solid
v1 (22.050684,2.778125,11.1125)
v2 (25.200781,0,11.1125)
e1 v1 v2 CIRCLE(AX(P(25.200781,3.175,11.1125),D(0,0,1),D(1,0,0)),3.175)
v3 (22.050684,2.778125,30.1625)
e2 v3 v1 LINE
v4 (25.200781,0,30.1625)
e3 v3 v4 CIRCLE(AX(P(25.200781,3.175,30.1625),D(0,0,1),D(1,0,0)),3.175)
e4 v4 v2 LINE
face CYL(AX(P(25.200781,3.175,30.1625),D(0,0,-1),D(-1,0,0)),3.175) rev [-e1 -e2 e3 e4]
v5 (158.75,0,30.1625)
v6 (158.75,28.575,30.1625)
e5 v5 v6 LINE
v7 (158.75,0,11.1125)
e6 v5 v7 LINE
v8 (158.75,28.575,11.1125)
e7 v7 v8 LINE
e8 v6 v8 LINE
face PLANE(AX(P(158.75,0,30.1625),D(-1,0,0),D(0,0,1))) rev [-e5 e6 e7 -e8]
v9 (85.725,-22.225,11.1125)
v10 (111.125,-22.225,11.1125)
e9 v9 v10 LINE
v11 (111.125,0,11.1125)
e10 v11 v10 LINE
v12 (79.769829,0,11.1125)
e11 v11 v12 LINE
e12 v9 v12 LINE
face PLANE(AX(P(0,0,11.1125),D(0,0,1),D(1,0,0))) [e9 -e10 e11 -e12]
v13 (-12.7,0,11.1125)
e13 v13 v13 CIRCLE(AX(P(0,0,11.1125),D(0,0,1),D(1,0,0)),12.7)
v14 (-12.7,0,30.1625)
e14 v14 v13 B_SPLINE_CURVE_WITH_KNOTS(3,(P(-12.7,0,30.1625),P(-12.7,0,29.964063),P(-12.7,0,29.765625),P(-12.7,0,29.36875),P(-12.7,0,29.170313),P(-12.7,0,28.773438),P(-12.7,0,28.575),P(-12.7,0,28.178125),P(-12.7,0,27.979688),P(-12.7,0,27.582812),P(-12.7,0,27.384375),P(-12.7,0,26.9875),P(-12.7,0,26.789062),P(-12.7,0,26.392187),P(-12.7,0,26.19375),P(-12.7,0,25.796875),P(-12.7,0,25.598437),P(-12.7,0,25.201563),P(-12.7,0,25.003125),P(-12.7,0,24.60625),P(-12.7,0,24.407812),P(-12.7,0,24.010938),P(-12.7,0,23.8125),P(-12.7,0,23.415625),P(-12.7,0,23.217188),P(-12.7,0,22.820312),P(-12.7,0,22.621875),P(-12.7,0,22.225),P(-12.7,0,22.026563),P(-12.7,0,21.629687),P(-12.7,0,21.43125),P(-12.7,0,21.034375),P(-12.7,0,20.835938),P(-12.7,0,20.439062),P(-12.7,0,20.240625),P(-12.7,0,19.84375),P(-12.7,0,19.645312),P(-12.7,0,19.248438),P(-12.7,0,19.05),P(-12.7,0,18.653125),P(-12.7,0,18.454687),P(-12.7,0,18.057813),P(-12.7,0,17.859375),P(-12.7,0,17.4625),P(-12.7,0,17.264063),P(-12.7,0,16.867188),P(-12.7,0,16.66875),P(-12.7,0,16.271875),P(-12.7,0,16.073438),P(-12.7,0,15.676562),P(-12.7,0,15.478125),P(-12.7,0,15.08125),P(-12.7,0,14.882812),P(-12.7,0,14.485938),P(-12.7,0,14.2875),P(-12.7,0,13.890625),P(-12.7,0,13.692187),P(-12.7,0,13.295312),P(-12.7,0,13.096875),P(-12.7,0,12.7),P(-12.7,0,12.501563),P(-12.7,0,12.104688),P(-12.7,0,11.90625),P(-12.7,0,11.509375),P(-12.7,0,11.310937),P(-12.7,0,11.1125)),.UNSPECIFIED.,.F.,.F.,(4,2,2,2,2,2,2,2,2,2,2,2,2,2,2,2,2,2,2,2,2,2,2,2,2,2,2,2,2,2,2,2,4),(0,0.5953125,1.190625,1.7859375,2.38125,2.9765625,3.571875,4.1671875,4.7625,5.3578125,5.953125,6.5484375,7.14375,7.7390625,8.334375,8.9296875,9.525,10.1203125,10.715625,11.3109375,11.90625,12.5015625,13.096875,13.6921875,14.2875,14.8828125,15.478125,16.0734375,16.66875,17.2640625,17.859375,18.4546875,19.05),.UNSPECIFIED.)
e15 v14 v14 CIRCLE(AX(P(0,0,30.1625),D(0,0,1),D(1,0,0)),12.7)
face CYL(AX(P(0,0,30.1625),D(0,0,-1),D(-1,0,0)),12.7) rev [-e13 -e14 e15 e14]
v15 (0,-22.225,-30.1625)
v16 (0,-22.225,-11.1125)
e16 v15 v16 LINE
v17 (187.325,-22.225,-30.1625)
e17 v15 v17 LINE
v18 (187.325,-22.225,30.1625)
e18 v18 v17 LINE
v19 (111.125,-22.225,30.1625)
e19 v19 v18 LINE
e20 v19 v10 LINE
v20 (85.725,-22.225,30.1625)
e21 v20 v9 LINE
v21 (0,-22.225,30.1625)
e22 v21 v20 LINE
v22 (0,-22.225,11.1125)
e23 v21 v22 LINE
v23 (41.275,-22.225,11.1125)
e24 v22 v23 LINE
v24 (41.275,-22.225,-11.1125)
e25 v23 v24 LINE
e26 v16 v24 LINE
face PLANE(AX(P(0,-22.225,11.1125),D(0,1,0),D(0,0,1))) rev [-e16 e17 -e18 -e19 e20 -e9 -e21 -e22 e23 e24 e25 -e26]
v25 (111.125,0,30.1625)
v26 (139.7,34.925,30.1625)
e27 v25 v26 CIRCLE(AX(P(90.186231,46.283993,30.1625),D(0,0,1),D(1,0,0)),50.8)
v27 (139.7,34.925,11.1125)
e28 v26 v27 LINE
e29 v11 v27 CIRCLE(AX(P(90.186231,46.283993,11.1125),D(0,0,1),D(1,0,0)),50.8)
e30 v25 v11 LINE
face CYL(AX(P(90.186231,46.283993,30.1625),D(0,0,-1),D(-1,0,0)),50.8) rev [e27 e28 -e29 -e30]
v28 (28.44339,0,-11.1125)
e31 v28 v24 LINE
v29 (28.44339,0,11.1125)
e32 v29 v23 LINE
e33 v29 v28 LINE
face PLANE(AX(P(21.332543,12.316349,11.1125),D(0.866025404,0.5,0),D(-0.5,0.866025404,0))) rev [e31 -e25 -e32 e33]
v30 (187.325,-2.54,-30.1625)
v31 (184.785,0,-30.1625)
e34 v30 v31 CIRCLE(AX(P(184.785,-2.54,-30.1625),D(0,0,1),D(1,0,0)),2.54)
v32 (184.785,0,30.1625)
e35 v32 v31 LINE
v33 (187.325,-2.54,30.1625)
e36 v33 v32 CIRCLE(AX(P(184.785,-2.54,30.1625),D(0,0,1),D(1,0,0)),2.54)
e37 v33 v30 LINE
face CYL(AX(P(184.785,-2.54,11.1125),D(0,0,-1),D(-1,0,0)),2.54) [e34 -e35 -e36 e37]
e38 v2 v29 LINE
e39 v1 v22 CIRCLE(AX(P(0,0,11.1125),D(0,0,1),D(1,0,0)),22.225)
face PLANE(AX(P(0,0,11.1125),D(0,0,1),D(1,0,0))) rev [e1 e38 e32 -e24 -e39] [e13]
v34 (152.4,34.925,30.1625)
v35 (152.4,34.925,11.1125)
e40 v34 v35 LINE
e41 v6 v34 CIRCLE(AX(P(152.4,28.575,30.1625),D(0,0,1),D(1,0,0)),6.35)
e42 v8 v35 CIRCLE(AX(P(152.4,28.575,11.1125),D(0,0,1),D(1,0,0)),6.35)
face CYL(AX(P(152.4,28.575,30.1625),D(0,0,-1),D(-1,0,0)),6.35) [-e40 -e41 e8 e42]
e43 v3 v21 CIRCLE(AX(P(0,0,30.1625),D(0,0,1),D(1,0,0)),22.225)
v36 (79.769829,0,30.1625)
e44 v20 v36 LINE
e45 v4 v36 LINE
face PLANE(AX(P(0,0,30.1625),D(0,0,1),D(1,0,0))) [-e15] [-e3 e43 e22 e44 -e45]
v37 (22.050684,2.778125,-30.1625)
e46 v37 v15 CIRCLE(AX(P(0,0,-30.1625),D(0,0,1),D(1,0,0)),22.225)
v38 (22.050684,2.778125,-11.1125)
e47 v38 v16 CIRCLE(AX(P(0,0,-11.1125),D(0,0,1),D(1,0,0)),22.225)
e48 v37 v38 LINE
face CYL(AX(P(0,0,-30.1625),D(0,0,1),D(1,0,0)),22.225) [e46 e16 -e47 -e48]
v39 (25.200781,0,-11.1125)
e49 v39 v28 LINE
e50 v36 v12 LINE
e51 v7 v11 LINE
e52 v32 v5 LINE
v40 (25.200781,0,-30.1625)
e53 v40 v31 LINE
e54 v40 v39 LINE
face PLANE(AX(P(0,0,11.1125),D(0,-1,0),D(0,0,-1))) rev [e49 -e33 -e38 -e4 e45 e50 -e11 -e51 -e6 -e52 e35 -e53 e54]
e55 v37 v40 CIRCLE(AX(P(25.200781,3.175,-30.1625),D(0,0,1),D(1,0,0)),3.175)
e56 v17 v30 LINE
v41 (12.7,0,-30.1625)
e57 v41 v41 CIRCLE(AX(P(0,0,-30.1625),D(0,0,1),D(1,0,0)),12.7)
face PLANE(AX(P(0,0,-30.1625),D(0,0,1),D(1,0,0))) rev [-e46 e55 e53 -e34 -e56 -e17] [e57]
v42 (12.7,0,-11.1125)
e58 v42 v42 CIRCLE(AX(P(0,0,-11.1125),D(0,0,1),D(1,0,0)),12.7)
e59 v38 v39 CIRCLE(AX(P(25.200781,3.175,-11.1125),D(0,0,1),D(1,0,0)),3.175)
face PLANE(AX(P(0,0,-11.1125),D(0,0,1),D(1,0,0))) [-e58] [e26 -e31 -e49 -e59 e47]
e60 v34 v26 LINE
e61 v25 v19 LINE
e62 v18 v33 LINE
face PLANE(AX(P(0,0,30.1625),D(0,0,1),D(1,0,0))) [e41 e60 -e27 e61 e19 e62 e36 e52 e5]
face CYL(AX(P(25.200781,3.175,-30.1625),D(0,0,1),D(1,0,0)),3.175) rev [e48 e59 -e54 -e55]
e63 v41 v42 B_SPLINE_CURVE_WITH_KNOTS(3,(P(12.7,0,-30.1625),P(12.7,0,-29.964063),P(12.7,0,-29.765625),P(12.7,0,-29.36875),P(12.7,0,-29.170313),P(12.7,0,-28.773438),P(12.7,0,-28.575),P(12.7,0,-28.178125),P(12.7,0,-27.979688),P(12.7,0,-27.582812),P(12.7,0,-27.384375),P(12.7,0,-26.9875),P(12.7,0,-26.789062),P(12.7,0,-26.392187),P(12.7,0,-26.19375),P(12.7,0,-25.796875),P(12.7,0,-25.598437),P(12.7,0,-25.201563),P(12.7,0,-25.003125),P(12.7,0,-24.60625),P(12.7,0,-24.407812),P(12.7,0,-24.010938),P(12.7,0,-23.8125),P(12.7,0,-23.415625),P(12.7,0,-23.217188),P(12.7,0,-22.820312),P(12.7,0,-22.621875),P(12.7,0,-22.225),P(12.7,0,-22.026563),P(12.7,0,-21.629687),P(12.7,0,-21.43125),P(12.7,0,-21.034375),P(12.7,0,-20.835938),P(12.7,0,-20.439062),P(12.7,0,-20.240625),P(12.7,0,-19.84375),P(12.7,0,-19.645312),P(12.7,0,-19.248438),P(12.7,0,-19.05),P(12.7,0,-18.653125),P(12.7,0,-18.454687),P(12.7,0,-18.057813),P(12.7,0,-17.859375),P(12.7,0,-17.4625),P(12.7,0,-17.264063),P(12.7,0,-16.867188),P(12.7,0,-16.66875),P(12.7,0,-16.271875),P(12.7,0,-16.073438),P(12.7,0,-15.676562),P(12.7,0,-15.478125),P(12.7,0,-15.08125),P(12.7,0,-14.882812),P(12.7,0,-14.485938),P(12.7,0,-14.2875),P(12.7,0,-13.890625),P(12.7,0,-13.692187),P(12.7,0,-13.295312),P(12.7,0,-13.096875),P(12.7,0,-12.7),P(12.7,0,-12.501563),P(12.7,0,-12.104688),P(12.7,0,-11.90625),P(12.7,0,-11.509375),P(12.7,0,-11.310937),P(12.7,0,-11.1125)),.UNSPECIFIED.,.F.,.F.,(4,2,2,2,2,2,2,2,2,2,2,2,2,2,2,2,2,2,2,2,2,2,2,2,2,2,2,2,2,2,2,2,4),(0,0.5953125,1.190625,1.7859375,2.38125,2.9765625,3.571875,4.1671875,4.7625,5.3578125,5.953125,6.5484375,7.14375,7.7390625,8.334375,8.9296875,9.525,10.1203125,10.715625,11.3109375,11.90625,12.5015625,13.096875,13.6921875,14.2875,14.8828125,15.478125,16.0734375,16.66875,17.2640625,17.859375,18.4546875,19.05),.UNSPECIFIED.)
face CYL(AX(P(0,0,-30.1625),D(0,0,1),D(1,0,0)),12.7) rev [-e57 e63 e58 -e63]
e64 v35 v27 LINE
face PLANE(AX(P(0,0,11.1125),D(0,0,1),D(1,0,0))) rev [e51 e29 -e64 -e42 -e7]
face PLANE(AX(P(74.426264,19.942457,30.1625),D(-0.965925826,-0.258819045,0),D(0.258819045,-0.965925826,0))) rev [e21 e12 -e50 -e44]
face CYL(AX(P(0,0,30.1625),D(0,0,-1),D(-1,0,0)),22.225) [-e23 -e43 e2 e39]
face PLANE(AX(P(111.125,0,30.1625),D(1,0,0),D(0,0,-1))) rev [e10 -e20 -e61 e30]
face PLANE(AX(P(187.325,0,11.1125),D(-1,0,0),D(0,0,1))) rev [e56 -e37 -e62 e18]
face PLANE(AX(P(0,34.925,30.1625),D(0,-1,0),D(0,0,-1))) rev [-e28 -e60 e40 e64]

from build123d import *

# Parameters (mm, degrees)
BOSS_EXTRUDE1_DEPTH = 11.1125
BOSS_EXTRUDE2_START = 11.1125
SKETCH1_4_R         = 12.7
BOSS_EXTRUDE2_DEPTH = 19.05
BOSS_EXTRUDE4_START = -11.1125
SKETCH1_6_R         = 22.225
SKETCH1_6_R_2       = 12.7
BOSS_EXTRUDE4_DEPTH = 19.05


with BuildPart() as part:
    # Sketch1 → Boss-Extrude1 (new, symmetric)
    with BuildSketch(Plane.XY):
        with BuildLine():
            Line((28.443390267, 0), (41.275, -22.225))
            Line((41.275, -22.225), (187.325, -22.225))
            Line((187.325, -22.225), (187.325, -2.54))
            ThreePointArc((187.325, -2.54), (186.581051224, -0.743948776), (184.785, 0))
            Line((184.785, 0), (28.443390267, 0))
        make_face()
    extrude(amount=BOSS_EXTRUDE1_DEPTH, both=True)

    # Sketch1<4> → Boss-Extrude2 (add)
    with BuildSketch(Plane.XY.offset(BOSS_EXTRUDE2_START)):
        with BuildLine():
            ThreePointArc((25.200781238, 0), (23.100716135, 0.79375), (22.050683583, 2.778125))
            ThreePointArc((22.050683583, 2.778125), (-16.66875, 14.700455722), (0, -22.225))
            Line((0, -22.225), (85.725, -22.225))
            Line((85.725, -22.225), (79.769829198, 0))
            Line((79.769829198, 0), (25.200781238, 0))
        make_face()
        with Locations(Location((0, 0, 0), (0, 0, 180))):
            Circle(SKETCH1_4_R, mode=Mode.SUBTRACT)
        with BuildLine():
            Line((111.125, 0), (111.125, -22.225))
            Line((111.125, -22.225), (187.325, -22.225))
            Line((187.325, -22.225), (187.325, -2.54))
            ThreePointArc((187.325, -2.54), (186.581051224, -0.743948776), (184.785, 0))
            Line((184.785, 0), (158.75, 0))
            Line((158.75, 0), (158.75, 28.575))
            ThreePointArc((158.75, 28.575), (156.890128061, 33.065128061), (152.4, 34.925))
            Line((152.4, 34.925), (139.7, 34.925))
            ThreePointArc((139.7, 34.925), (129.503262126, 14.115512806), (111.125, 0))
        make_face()
    extrude(amount=BOSS_EXTRUDE2_DEPTH)

    # Sketch1<6> → Boss-Extrude4 (add)
    with BuildSketch(Plane.XY.offset(BOSS_EXTRUDE4_START)):
        Circle(SKETCH1_6_R)
        with Locations(Location((0, 0, 0), (0, 0, 180))):
            Circle(SKETCH1_6_R_2, mode=Mode.SUBTRACT)
        with BuildLine():
            ThreePointArc((22.225, 0), (15.715448212, -15.715448212), (0, -22.225))
            Line((0, -22.225), (41.275, -22.225))
            Line((41.275, -22.225), (28.443390267, 0))
            Line((28.443390267, 0), (25.200781238, 0))
            ThreePointArc((25.200781238, 0), (23.100716135, 0.79375), (22.050683583, 2.778125))
            ThreePointArc((22.050683583, 2.778125), (22.181378087, 1.391794231), (22.225, 0))
        make_face()
        Polygon((28.443390267, 0), (41.275, -22.225), (85.725, -22.225), (79.769829198, 0), align=None)
        with BuildLine():
            Line((187.325, -22.225), (187.325, -2.54))
            ThreePointArc((187.325, -2.54), (186.581051224, -0.743948776), (184.785, 0))
            Line((184.785, 0), (158.75, 0))
            Line((158.75, 0), (111.125, 0))
            Line((111.125, 0), (111.125, -22.225))
            Line((111.125, -22.225), (187.325, -22.225))
        make_face()
        Polygon((85.725, -22.225), (79.769829198, 0), (111.125, 0), (111.125, -22.225), align=None)
    extrude(amount=-BOSS_EXTRUDE4_DEPTH)


solid = part.part
